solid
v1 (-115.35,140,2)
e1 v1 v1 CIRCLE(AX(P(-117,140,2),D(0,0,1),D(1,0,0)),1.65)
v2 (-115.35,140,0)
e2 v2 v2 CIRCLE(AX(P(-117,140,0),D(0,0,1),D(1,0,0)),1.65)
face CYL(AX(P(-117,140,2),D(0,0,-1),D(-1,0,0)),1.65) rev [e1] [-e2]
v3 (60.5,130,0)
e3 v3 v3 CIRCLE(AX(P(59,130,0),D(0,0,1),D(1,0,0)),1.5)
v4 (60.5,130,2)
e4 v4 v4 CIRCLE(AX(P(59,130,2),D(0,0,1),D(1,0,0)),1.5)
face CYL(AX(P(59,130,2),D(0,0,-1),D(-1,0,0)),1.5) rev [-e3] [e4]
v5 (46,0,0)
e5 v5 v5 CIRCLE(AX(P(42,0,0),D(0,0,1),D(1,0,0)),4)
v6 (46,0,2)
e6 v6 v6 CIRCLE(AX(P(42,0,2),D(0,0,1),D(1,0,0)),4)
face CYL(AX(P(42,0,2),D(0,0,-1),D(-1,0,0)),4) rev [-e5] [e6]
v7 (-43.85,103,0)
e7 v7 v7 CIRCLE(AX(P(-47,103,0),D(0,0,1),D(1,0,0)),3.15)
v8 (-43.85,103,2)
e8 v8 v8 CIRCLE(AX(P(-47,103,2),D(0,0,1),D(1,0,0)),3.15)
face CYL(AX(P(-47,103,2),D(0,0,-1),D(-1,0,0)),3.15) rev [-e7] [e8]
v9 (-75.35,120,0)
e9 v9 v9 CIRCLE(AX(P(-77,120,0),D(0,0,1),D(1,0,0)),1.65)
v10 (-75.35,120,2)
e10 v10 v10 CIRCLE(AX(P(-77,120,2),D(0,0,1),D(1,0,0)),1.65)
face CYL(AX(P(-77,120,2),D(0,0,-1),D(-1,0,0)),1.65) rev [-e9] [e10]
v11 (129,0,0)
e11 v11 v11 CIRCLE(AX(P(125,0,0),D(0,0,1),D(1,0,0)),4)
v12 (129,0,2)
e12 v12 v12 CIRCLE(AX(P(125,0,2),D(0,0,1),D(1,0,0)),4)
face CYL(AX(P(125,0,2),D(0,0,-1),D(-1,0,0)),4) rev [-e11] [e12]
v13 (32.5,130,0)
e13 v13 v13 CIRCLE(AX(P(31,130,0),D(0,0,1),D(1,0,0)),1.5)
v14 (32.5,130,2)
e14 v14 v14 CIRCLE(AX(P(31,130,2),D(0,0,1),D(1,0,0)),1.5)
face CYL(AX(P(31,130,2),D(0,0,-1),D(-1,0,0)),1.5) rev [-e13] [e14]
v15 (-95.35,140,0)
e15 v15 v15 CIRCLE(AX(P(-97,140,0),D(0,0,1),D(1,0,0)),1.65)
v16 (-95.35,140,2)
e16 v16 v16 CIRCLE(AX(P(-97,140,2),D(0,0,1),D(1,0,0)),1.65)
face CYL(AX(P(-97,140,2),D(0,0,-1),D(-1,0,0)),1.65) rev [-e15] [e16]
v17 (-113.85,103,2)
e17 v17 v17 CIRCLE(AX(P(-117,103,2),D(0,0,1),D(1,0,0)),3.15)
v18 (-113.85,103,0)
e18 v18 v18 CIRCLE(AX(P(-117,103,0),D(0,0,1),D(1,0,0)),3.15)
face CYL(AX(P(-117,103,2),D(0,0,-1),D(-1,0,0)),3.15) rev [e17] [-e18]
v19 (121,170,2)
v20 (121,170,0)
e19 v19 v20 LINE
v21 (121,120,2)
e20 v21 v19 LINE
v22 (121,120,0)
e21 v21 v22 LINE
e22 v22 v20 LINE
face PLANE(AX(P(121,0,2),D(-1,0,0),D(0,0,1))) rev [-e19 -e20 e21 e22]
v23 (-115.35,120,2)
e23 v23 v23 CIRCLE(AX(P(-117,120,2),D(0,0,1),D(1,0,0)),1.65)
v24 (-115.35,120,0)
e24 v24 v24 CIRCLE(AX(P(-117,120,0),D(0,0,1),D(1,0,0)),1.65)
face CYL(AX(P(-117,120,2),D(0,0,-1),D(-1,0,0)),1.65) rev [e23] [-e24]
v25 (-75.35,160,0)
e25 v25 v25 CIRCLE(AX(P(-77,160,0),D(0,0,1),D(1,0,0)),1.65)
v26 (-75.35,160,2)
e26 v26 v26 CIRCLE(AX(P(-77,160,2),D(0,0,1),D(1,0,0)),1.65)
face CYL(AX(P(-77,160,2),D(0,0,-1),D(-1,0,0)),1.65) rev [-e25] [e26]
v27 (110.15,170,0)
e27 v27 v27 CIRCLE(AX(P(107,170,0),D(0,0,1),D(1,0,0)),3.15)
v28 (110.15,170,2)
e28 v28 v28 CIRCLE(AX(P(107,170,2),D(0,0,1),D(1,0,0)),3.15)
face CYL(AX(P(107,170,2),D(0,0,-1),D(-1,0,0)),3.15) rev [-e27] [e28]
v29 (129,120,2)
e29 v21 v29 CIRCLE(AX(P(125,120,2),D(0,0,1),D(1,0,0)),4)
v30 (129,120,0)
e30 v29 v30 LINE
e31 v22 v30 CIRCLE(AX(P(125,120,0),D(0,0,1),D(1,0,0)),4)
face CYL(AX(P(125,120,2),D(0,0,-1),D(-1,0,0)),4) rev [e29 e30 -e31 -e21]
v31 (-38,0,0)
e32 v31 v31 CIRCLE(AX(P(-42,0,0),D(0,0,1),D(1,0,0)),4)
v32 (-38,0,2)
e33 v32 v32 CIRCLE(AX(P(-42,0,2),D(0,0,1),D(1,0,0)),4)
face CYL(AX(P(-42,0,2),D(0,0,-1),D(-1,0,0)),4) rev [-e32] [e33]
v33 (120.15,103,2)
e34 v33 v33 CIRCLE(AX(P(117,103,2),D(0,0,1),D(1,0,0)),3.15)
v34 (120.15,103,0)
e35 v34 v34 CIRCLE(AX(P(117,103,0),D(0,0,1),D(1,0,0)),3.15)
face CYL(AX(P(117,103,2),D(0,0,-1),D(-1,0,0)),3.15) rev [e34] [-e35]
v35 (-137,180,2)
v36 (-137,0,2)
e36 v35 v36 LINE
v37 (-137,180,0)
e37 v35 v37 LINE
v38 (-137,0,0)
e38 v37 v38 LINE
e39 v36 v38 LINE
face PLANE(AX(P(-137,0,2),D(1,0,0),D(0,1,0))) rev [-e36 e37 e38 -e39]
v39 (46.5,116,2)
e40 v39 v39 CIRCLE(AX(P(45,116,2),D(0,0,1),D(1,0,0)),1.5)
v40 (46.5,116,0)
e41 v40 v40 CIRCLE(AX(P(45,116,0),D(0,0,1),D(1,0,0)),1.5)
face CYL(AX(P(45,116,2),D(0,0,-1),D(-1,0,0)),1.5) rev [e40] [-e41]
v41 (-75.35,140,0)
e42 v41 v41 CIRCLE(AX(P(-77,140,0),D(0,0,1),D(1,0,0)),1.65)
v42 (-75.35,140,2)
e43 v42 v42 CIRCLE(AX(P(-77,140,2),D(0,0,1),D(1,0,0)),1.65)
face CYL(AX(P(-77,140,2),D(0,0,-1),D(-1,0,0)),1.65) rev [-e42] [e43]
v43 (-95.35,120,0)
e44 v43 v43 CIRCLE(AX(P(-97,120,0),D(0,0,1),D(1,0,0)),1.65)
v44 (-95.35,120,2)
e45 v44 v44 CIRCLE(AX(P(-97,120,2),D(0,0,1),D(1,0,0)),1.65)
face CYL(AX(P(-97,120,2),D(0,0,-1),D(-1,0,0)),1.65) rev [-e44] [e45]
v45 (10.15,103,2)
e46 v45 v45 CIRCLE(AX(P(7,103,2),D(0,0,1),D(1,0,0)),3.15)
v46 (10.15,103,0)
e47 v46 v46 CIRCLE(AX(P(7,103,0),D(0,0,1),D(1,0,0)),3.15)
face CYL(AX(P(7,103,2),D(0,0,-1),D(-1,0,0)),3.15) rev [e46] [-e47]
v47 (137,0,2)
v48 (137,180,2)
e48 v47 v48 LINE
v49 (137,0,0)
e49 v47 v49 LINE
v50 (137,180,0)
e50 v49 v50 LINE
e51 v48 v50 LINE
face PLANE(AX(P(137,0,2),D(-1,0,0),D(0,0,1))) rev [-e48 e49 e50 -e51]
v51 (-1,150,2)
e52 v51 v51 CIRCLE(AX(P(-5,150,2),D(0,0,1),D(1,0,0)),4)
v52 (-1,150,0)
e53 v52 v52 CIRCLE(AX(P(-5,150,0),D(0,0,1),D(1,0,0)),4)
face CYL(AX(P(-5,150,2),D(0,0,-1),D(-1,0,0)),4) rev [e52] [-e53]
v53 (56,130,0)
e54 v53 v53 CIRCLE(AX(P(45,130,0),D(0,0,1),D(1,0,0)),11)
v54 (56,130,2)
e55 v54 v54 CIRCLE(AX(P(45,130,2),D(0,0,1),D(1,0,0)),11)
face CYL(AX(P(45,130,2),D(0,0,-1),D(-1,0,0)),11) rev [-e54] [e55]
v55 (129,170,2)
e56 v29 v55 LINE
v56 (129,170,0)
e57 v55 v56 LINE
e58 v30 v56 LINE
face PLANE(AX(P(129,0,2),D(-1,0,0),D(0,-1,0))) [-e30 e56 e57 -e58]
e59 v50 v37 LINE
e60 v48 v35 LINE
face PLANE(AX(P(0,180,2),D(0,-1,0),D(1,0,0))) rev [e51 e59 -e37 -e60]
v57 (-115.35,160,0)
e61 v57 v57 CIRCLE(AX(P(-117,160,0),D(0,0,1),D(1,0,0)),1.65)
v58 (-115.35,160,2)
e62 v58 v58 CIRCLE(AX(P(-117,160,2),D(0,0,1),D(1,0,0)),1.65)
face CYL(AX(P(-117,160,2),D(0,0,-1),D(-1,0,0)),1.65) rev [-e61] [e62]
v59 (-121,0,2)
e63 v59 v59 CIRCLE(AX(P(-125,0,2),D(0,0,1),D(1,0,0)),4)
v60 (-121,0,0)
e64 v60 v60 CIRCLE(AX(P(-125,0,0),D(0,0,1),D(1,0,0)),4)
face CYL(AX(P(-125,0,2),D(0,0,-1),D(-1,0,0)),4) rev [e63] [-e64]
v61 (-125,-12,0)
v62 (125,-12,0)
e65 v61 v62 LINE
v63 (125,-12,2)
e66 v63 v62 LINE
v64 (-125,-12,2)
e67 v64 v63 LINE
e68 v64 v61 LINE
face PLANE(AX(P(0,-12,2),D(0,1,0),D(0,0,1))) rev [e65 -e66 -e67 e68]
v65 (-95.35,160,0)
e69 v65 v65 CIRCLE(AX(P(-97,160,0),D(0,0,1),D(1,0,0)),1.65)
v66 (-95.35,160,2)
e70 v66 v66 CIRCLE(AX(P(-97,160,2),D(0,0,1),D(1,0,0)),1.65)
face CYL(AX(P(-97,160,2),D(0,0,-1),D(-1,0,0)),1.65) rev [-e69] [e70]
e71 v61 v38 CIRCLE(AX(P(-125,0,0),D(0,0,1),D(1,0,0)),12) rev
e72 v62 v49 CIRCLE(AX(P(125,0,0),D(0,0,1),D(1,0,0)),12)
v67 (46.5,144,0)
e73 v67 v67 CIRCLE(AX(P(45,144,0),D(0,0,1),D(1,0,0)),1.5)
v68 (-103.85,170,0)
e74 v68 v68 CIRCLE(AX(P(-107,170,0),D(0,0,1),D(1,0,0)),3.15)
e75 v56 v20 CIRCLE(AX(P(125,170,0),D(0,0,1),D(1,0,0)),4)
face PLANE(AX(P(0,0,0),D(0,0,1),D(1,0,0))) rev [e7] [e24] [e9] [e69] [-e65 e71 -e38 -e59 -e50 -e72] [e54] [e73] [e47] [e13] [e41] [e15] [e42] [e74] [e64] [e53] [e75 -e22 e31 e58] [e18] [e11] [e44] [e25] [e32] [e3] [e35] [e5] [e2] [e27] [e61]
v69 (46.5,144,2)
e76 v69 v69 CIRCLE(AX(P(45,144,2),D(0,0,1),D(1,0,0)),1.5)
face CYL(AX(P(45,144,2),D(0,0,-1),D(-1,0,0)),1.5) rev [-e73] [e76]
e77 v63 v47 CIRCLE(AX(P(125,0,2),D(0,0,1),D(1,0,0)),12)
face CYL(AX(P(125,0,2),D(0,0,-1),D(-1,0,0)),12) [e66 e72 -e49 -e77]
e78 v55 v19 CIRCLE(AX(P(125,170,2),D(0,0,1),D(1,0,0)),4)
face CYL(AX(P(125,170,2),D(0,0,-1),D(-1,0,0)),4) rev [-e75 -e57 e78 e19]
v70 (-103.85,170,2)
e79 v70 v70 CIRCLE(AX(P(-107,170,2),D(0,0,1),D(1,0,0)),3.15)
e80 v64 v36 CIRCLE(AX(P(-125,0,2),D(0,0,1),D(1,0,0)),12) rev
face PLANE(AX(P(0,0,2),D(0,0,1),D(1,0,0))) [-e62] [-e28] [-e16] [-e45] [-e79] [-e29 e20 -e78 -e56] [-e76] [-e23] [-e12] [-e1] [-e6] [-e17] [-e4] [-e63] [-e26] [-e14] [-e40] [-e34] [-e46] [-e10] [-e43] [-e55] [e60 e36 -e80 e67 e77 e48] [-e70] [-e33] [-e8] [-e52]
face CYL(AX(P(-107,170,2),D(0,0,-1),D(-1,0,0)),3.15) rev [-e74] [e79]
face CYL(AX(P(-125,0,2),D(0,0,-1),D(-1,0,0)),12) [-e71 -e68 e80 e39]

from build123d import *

# Parameters (mm, degrees)
SKETCH1_R           = 4
SKETCH1_R_2         = 3.15
SKETCH1_R_3         = 1.65
SKETCH1_R_4         = 1.5
SKETCH1_R_5         = 11
BOSS_EXTRUDE1_DEPTH = 2


with BuildPart() as part:
    # Sketch1 → Boss-Extrude1 (new body)
    with BuildSketch(Plane.XY):
        with BuildLine():
            ThreePointArc((-137, 0), (-133.485281374, -8.485281374), (-125, -12))
            Line((-125, -12), (125, -12))
            ThreePointArc((125, -12), (133.485281374, -8.485281374), (137, 0))
            Line((137, 0), (137, 180))
            Line((137, 180), (-53.998245329, 180))
            Line((-53.998245329, 180), (-137, 180))
            Line((-137, 180), (-137, 0))
        make_face()
        with Locations((-125, 0)):
            Circle(SKETCH1_R, mode=Mode.SUBTRACT)
        with Locations((-42, 0)):
            Circle(SKETCH1_R, mode=Mode.SUBTRACT)
        with Locations((42, 0)):
            Circle(SKETCH1_R, mode=Mode.SUBTRACT)
        with Locations((125, 0)):
            Circle(SKETCH1_R, mode=Mode.SUBTRACT)
        with Locations((-117, 103)):
            Circle(SKETCH1_R_2, mode=Mode.SUBTRACT)
        with Locations((-117, 120)):
            Circle(SKETCH1_R_3, mode=Mode.SUBTRACT)
        with Locations((-97, 120)):
            Circle(SKETCH1_R_3, mode=Mode.SUBTRACT)
        with Locations((-77, 120)):
            Circle(SKETCH1_R_3, mode=Mode.SUBTRACT)
        with Locations((-47, 103)):
            Circle(SKETCH1_R_2, mode=Mode.SUBTRACT)
        with Locations((-117, 140)):
            Circle(SKETCH1_R_3, mode=Mode.SUBTRACT)
        with Locations((-97, 140)):
            Circle(SKETCH1_R_3, mode=Mode.SUBTRACT)
        with Locations((-77, 140)):
            Circle(SKETCH1_R_3, mode=Mode.SUBTRACT)
        with Locations((-117, 160)):
            Circle(SKETCH1_R_3, mode=Mode.SUBTRACT)
        with Locations((-107, 170)):
            Circle(SKETCH1_R_2, mode=Mode.SUBTRACT)
        with Locations((-97, 160)):
            Circle(SKETCH1_R_3, mode=Mode.SUBTRACT)
        with Locations((-77, 160)):
            Circle(SKETCH1_R_3, mode=Mode.SUBTRACT)
        with Locations((-5, 150)):
            Circle(SKETCH1_R, mode=Mode.SUBTRACT)
        with Locations((7, 103)):
            Circle(SKETCH1_R_2, mode=Mode.SUBTRACT)
        with Locations((31, 130)):
            Circle(SKETCH1_R_4, mode=Mode.SUBTRACT)
        with Locations((45, 116)):
            Circle(SKETCH1_R_4, mode=Mode.SUBTRACT)
        with Locations((45, 130)):
            Circle(SKETCH1_R_5, mode=Mode.SUBTRACT)
        with Locations((59, 130)):
            Circle(SKETCH1_R_4, mode=Mode.SUBTRACT)
        with Locations((117, 103)):
            Circle(SKETCH1_R_2, mode=Mode.SUBTRACT)
        with Locations((45, 144)):
            Circle(SKETCH1_R_4, mode=Mode.SUBTRACT)
        with BuildLine():
            ThreePointArc((129, 120), (125, 116), (121, 120))
            Line((121, 120), (121, 170))
            ThreePointArc((121, 170), (125, 174), (129, 170))
            Line((129, 170), (129, 120))
        make_face(mode=Mode.SUBTRACT)
        with Locations((107, 170)):
            Circle(SKETCH1_R_2, mode=Mode.SUBTRACT)
    extrude(amount=BOSS_EXTRUDE1_DEPTH)


solid = part.part
